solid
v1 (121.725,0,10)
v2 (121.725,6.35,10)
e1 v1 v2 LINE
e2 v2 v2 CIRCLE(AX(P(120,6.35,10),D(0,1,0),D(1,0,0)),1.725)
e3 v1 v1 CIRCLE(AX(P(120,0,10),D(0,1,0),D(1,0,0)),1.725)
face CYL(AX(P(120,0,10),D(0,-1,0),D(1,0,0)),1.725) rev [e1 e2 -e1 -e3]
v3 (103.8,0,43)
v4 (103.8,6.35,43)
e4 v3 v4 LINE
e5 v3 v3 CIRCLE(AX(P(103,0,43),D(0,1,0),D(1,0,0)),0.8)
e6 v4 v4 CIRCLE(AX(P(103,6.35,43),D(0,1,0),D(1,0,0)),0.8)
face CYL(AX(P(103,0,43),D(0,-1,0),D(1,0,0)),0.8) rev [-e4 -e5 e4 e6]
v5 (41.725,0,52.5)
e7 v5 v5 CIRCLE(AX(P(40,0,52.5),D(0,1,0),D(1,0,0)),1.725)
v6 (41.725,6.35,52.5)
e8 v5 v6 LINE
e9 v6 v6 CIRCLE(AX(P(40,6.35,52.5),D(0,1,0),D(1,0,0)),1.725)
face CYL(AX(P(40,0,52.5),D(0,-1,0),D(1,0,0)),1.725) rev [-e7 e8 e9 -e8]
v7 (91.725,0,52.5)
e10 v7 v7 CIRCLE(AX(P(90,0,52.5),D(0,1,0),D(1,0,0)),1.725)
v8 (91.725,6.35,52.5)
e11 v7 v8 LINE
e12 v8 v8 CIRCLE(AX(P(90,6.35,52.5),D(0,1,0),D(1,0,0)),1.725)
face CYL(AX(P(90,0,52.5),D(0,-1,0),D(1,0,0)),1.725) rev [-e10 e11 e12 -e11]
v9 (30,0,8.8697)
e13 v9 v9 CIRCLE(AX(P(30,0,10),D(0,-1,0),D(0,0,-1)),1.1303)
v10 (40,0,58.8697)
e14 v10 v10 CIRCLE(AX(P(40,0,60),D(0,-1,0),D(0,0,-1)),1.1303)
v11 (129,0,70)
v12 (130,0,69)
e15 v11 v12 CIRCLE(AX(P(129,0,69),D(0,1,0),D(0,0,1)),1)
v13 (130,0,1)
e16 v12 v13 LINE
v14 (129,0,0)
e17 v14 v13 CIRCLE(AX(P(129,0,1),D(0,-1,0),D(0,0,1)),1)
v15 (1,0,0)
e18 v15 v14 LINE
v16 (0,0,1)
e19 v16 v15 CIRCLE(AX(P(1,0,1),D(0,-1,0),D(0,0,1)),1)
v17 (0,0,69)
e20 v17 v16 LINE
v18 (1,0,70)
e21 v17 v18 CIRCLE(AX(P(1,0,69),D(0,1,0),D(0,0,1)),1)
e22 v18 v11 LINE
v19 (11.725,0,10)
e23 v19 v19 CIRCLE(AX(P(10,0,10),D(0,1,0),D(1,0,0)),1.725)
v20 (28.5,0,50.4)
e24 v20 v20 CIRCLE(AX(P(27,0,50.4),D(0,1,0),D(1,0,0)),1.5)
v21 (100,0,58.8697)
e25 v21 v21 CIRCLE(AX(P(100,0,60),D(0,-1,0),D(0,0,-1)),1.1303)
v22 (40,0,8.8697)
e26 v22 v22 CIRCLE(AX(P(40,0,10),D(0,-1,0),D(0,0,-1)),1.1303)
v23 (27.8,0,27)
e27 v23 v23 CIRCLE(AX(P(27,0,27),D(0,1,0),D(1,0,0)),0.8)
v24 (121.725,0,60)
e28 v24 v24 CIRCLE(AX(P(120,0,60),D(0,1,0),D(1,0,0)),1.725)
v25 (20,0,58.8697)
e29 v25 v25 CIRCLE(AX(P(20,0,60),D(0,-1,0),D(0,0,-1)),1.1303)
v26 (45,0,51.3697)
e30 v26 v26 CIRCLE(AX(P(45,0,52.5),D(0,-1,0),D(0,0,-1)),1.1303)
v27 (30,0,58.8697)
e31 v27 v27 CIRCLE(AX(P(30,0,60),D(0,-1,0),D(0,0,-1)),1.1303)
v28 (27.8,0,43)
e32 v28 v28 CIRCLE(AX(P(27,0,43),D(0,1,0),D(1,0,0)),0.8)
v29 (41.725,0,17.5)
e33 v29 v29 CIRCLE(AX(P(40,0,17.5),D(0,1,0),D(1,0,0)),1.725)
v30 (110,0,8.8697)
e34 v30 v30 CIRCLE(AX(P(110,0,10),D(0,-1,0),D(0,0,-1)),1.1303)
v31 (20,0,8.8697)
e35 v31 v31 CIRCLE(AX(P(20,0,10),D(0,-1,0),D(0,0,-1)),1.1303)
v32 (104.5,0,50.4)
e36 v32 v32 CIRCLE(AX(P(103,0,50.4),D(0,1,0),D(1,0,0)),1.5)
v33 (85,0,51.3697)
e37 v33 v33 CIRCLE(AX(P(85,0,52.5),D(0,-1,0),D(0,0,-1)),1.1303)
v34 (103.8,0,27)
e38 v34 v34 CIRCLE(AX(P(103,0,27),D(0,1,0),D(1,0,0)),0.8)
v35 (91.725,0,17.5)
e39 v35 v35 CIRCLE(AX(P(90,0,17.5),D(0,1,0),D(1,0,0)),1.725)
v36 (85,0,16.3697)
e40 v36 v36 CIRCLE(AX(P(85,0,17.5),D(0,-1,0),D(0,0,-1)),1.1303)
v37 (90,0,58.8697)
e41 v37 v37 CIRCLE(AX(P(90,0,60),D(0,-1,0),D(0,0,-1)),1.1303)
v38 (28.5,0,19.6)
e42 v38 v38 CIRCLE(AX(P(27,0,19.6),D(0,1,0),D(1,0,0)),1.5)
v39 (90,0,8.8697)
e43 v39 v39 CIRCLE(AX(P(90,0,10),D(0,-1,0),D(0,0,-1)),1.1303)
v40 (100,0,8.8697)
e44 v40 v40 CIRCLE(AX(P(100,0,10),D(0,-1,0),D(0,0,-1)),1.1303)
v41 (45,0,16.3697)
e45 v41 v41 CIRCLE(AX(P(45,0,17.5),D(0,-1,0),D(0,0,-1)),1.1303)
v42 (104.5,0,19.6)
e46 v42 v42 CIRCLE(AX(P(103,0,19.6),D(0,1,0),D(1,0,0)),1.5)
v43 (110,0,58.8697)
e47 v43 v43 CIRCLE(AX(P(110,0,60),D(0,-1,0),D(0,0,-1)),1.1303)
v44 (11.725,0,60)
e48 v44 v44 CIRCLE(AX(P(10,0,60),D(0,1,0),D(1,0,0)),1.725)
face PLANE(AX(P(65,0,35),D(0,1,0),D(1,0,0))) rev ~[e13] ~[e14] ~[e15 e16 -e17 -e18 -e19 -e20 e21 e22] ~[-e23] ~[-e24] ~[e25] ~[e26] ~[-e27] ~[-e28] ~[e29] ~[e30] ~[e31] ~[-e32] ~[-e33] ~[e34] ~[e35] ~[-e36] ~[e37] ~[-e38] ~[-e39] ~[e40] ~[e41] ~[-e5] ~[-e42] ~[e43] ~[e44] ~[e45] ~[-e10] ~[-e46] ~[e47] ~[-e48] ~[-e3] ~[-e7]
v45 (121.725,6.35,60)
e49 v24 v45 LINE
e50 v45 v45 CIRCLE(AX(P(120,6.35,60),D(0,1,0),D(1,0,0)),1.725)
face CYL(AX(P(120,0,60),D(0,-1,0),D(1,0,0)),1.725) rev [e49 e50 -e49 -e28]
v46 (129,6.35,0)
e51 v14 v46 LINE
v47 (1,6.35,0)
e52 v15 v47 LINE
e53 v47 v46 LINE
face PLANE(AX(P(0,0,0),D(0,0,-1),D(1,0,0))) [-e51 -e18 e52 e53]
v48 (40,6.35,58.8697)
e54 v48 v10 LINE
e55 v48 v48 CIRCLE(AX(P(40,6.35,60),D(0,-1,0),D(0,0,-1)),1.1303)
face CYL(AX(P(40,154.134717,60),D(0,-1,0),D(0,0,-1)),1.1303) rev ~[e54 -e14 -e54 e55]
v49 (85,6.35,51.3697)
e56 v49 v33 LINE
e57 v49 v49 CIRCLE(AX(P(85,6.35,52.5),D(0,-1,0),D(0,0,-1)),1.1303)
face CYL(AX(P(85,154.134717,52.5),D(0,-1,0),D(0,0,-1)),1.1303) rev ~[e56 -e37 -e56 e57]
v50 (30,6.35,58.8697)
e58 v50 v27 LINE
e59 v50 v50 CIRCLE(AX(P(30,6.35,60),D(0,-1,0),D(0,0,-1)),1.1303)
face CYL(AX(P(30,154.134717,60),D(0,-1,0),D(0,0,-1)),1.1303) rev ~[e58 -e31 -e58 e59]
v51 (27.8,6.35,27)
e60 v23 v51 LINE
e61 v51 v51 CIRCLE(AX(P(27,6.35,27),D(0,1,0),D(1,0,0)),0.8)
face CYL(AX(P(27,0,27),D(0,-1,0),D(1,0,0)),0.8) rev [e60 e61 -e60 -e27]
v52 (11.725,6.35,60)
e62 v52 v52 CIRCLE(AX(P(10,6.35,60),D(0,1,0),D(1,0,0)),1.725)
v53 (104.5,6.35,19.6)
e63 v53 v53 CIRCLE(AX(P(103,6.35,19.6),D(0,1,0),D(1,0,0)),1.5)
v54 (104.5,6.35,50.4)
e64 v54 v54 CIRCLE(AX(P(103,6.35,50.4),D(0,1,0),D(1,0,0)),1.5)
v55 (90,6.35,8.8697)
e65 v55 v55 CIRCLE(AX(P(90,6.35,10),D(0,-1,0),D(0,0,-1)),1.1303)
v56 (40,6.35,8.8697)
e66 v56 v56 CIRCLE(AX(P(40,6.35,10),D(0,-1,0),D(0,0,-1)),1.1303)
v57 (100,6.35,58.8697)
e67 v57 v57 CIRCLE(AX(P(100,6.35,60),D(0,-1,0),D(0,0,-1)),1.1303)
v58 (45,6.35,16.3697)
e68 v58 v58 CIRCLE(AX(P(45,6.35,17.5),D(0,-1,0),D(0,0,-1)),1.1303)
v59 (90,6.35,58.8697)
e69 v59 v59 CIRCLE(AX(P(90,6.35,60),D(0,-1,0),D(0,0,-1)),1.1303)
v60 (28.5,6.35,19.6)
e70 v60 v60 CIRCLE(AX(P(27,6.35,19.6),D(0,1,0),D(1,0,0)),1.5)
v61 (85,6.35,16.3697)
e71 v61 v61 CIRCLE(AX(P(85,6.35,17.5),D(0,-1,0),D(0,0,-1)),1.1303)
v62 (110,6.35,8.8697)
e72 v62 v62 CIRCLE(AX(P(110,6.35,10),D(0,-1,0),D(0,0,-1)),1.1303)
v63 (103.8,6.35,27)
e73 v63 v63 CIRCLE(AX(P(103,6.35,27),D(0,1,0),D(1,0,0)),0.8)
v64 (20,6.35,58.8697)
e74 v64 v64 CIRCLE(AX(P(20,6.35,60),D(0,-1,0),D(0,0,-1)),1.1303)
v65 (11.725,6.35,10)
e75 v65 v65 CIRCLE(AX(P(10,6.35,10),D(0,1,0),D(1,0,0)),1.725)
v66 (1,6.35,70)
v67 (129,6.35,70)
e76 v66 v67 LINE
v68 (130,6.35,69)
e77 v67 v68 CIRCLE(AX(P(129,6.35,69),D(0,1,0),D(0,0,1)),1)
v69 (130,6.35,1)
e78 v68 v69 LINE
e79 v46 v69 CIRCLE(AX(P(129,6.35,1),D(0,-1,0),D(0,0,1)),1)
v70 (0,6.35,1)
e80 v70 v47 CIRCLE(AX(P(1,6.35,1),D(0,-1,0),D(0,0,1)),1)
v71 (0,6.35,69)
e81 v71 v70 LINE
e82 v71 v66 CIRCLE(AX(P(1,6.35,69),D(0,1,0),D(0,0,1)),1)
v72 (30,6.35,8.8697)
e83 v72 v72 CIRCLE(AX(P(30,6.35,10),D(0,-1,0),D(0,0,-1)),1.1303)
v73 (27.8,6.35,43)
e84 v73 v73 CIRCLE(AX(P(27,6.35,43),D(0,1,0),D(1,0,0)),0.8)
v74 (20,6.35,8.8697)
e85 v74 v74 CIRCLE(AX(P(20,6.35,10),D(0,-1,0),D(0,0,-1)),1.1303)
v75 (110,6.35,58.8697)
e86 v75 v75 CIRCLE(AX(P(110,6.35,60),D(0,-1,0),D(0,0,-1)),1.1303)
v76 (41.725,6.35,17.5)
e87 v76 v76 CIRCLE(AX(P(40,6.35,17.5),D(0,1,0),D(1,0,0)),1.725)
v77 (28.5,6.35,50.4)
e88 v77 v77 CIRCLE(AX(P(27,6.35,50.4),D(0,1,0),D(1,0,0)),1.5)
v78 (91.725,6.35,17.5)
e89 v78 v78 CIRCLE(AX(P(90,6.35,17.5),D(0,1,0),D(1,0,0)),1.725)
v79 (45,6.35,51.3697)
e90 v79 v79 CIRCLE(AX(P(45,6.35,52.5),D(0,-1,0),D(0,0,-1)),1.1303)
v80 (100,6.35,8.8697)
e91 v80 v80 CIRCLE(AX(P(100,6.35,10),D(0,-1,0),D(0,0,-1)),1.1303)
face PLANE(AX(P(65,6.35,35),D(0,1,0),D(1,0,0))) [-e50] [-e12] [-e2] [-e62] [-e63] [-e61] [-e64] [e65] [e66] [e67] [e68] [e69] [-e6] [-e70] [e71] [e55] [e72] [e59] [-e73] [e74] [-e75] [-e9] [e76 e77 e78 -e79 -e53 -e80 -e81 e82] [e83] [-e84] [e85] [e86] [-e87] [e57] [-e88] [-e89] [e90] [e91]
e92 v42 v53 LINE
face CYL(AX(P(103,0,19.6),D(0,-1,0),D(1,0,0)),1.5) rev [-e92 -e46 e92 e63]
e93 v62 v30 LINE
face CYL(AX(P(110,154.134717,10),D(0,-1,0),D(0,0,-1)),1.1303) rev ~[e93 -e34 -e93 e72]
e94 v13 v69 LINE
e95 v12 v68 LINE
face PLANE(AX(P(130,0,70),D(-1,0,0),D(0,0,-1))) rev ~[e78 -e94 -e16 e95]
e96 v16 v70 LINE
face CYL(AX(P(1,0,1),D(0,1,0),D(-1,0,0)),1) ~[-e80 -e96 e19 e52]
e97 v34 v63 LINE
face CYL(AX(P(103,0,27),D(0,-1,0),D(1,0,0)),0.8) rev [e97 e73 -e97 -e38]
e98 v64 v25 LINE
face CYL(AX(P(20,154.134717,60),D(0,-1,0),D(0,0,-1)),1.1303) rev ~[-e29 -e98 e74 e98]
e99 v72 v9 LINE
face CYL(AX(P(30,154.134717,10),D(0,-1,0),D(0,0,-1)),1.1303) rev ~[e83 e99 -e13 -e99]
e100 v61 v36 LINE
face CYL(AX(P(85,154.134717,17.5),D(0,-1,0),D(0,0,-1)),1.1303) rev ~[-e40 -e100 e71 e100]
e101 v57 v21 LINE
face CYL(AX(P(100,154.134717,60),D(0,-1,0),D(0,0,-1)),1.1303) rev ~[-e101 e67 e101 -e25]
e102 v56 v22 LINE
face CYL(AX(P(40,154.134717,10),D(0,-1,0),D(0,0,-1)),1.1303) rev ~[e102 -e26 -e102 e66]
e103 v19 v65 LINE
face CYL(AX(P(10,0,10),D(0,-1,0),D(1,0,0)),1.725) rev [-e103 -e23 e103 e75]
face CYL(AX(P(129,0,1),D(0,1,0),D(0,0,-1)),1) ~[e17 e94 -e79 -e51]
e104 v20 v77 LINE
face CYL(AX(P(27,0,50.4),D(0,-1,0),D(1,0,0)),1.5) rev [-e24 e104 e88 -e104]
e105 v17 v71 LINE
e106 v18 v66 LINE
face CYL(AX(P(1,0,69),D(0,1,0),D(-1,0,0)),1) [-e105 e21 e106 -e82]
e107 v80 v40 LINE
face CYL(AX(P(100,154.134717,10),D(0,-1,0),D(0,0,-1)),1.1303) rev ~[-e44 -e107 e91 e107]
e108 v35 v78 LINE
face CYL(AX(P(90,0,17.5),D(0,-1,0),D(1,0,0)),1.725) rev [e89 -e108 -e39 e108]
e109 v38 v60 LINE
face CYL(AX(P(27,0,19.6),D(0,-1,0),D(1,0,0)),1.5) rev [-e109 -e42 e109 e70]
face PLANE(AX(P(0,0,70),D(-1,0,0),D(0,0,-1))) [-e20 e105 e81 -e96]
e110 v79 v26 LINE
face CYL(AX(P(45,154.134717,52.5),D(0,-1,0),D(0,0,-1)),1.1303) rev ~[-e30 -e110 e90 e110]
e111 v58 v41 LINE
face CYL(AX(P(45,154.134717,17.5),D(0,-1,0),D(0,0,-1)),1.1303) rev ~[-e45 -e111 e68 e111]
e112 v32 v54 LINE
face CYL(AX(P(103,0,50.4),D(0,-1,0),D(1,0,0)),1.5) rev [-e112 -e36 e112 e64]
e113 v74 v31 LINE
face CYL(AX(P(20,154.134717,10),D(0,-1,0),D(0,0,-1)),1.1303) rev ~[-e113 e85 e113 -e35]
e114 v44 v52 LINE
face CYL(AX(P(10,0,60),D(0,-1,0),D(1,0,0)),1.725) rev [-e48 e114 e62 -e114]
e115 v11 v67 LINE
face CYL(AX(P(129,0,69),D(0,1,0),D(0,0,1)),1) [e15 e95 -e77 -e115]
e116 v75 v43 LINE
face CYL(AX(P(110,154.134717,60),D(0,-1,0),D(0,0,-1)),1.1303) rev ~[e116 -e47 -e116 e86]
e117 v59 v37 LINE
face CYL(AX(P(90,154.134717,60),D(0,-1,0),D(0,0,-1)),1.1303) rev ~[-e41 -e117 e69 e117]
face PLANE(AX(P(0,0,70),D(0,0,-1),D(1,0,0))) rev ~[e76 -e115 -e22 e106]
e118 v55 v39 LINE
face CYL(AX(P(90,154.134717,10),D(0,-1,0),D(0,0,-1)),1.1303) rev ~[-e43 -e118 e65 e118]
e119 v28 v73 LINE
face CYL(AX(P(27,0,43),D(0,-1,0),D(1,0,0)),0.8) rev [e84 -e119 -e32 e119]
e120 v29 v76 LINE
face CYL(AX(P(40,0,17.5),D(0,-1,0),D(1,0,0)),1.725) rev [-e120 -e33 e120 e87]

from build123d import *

# Parameters (mm, degrees)
SKETCH1_W             = 130
SKETCH1_H             = 70
SKETCH1_R             = 1.725
SKETCH1_R_2           = 1.13
SKETCH1_R_3           = 0.8
SKETCH1_R_4           = 1.5
BOSS_EXTRUDE1_DEPTH   = 6.35
F_4_40_TAPPED_HOLE1_D = 2.2606
FILLET1_R             = 1


with BuildPart() as part:
    # Sketch1 → Boss-Extrude1 (new body)
    with BuildSketch(Plane(origin=(0, 0, 0), x_dir=(1, 0, 0), z_dir=(0, 1, 0))):
        with Locations((65, -35)):
            Rectangle(SKETCH1_W, SKETCH1_H)
        with Locations((10, -10)):
            Circle(SKETCH1_R, mode=Mode.SUBTRACT)
        with Locations((20, -10)):
            Circle(SKETCH1_R_2, mode=Mode.SUBTRACT)
        with Locations((30, -10)):
            Circle(SKETCH1_R_2, mode=Mode.SUBTRACT)
        with Locations((40, -10)):
            Circle(SKETCH1_R_2, mode=Mode.SUBTRACT)
        with Locations((45, -17.5)):
            Circle(SKETCH1_R_2, mode=Mode.SUBTRACT)
        with Locations((40, -17.5)):
            Circle(SKETCH1_R, mode=Mode.SUBTRACT)
        with Locations((27, -27)):
            Circle(SKETCH1_R_3, mode=Mode.SUBTRACT)
        with Locations((27, -19.6)):
            Circle(SKETCH1_R_4, mode=Mode.SUBTRACT)
        with Locations((27, -43)):
            Circle(SKETCH1_R_3, mode=Mode.SUBTRACT)
        with Locations((27, -50.4)):
            Circle(SKETCH1_R_4, mode=Mode.SUBTRACT)
        with Locations((45, -52.5)):
            Circle(SKETCH1_R_2, mode=Mode.SUBTRACT)
        with Locations((40, -52.5)):
            Circle(SKETCH1_R, mode=Mode.SUBTRACT)
        with Locations((40, -60)):
            Circle(SKETCH1_R_2, mode=Mode.SUBTRACT)
        with Locations((30, -60)):
            Circle(SKETCH1_R_2, mode=Mode.SUBTRACT)
        with Locations((20, -60)):
            Circle(SKETCH1_R_2, mode=Mode.SUBTRACT)
        with Locations((10, -60)):
            Circle(SKETCH1_R, mode=Mode.SUBTRACT)
        with Locations((120, -60)):
            Circle(SKETCH1_R, mode=Mode.SUBTRACT)
        with Locations((110, -60)):
            Circle(SKETCH1_R_2, mode=Mode.SUBTRACT)
        with Locations((100, -60)):
            Circle(SKETCH1_R_2, mode=Mode.SUBTRACT)
        with Locations((90, -60)):
            Circle(SKETCH1_R_2, mode=Mode.SUBTRACT)
        with Locations((85, -52.5)):
            Circle(SKETCH1_R_2, mode=Mode.SUBTRACT)
        with Locations((90, -52.5)):
            Circle(SKETCH1_R, mode=Mode.SUBTRACT)
        with Locations((103, -43)):
            Circle(SKETCH1_R_3, mode=Mode.SUBTRACT)
        with Locations((103, -50.4)):
            Circle(SKETCH1_R_4, mode=Mode.SUBTRACT)
        with Locations((103, -19.6)):
            Circle(SKETCH1_R_4, mode=Mode.SUBTRACT)
        with Locations((103, -27)):
            Circle(SKETCH1_R_3, mode=Mode.SUBTRACT)
        with Locations((85, -17.5)):
            Circle(SKETCH1_R_2, mode=Mode.SUBTRACT)
        with Locations((90, -17.5)):
            Circle(SKETCH1_R, mode=Mode.SUBTRACT)
        with Locations((90, -10)):
            Circle(SKETCH1_R_2, mode=Mode.SUBTRACT)
        with Locations((100, -10)):
            Circle(SKETCH1_R_2, mode=Mode.SUBTRACT)
        with Locations((110, -10)):
            Circle(SKETCH1_R_2, mode=Mode.SUBTRACT)
        with Locations((120, -10)):
            Circle(SKETCH1_R, mode=Mode.SUBTRACT)
    extrude(amount=BOSS_EXTRUDE1_DEPTH)

    # #4-40 Tapped Hole1 (through all)
    with Locations(Plane(origin=(40, 6.35, 10), x_dir=(0, 0, 1), z_dir=(0, 1, 0))):
        with Locations((0, 0), (0, -10), (0, -20), (0, 50), (50, 70), (50, 60), (50, 50), (50, 0), (50, -10), (50, -20), (0, 70), (0, 60), (7.5, 5), (7.5, 45), (42.5, 45), (42.5, 5)):
            Hole(F_4_40_TAPPED_HOLE1_D / 2)

    # Fillet1
    fillet1_edges = [part.edges().sort_by_distance(p)[0] for p in [
        (130, 3.175, 70),
        (0, 3.175, 70),
        (0, 3.175, 0),
        (130, 3.175, 0),
    ]]
    fillet(fillet1_edges, radius=FILLET1_R)


solid = part.part
